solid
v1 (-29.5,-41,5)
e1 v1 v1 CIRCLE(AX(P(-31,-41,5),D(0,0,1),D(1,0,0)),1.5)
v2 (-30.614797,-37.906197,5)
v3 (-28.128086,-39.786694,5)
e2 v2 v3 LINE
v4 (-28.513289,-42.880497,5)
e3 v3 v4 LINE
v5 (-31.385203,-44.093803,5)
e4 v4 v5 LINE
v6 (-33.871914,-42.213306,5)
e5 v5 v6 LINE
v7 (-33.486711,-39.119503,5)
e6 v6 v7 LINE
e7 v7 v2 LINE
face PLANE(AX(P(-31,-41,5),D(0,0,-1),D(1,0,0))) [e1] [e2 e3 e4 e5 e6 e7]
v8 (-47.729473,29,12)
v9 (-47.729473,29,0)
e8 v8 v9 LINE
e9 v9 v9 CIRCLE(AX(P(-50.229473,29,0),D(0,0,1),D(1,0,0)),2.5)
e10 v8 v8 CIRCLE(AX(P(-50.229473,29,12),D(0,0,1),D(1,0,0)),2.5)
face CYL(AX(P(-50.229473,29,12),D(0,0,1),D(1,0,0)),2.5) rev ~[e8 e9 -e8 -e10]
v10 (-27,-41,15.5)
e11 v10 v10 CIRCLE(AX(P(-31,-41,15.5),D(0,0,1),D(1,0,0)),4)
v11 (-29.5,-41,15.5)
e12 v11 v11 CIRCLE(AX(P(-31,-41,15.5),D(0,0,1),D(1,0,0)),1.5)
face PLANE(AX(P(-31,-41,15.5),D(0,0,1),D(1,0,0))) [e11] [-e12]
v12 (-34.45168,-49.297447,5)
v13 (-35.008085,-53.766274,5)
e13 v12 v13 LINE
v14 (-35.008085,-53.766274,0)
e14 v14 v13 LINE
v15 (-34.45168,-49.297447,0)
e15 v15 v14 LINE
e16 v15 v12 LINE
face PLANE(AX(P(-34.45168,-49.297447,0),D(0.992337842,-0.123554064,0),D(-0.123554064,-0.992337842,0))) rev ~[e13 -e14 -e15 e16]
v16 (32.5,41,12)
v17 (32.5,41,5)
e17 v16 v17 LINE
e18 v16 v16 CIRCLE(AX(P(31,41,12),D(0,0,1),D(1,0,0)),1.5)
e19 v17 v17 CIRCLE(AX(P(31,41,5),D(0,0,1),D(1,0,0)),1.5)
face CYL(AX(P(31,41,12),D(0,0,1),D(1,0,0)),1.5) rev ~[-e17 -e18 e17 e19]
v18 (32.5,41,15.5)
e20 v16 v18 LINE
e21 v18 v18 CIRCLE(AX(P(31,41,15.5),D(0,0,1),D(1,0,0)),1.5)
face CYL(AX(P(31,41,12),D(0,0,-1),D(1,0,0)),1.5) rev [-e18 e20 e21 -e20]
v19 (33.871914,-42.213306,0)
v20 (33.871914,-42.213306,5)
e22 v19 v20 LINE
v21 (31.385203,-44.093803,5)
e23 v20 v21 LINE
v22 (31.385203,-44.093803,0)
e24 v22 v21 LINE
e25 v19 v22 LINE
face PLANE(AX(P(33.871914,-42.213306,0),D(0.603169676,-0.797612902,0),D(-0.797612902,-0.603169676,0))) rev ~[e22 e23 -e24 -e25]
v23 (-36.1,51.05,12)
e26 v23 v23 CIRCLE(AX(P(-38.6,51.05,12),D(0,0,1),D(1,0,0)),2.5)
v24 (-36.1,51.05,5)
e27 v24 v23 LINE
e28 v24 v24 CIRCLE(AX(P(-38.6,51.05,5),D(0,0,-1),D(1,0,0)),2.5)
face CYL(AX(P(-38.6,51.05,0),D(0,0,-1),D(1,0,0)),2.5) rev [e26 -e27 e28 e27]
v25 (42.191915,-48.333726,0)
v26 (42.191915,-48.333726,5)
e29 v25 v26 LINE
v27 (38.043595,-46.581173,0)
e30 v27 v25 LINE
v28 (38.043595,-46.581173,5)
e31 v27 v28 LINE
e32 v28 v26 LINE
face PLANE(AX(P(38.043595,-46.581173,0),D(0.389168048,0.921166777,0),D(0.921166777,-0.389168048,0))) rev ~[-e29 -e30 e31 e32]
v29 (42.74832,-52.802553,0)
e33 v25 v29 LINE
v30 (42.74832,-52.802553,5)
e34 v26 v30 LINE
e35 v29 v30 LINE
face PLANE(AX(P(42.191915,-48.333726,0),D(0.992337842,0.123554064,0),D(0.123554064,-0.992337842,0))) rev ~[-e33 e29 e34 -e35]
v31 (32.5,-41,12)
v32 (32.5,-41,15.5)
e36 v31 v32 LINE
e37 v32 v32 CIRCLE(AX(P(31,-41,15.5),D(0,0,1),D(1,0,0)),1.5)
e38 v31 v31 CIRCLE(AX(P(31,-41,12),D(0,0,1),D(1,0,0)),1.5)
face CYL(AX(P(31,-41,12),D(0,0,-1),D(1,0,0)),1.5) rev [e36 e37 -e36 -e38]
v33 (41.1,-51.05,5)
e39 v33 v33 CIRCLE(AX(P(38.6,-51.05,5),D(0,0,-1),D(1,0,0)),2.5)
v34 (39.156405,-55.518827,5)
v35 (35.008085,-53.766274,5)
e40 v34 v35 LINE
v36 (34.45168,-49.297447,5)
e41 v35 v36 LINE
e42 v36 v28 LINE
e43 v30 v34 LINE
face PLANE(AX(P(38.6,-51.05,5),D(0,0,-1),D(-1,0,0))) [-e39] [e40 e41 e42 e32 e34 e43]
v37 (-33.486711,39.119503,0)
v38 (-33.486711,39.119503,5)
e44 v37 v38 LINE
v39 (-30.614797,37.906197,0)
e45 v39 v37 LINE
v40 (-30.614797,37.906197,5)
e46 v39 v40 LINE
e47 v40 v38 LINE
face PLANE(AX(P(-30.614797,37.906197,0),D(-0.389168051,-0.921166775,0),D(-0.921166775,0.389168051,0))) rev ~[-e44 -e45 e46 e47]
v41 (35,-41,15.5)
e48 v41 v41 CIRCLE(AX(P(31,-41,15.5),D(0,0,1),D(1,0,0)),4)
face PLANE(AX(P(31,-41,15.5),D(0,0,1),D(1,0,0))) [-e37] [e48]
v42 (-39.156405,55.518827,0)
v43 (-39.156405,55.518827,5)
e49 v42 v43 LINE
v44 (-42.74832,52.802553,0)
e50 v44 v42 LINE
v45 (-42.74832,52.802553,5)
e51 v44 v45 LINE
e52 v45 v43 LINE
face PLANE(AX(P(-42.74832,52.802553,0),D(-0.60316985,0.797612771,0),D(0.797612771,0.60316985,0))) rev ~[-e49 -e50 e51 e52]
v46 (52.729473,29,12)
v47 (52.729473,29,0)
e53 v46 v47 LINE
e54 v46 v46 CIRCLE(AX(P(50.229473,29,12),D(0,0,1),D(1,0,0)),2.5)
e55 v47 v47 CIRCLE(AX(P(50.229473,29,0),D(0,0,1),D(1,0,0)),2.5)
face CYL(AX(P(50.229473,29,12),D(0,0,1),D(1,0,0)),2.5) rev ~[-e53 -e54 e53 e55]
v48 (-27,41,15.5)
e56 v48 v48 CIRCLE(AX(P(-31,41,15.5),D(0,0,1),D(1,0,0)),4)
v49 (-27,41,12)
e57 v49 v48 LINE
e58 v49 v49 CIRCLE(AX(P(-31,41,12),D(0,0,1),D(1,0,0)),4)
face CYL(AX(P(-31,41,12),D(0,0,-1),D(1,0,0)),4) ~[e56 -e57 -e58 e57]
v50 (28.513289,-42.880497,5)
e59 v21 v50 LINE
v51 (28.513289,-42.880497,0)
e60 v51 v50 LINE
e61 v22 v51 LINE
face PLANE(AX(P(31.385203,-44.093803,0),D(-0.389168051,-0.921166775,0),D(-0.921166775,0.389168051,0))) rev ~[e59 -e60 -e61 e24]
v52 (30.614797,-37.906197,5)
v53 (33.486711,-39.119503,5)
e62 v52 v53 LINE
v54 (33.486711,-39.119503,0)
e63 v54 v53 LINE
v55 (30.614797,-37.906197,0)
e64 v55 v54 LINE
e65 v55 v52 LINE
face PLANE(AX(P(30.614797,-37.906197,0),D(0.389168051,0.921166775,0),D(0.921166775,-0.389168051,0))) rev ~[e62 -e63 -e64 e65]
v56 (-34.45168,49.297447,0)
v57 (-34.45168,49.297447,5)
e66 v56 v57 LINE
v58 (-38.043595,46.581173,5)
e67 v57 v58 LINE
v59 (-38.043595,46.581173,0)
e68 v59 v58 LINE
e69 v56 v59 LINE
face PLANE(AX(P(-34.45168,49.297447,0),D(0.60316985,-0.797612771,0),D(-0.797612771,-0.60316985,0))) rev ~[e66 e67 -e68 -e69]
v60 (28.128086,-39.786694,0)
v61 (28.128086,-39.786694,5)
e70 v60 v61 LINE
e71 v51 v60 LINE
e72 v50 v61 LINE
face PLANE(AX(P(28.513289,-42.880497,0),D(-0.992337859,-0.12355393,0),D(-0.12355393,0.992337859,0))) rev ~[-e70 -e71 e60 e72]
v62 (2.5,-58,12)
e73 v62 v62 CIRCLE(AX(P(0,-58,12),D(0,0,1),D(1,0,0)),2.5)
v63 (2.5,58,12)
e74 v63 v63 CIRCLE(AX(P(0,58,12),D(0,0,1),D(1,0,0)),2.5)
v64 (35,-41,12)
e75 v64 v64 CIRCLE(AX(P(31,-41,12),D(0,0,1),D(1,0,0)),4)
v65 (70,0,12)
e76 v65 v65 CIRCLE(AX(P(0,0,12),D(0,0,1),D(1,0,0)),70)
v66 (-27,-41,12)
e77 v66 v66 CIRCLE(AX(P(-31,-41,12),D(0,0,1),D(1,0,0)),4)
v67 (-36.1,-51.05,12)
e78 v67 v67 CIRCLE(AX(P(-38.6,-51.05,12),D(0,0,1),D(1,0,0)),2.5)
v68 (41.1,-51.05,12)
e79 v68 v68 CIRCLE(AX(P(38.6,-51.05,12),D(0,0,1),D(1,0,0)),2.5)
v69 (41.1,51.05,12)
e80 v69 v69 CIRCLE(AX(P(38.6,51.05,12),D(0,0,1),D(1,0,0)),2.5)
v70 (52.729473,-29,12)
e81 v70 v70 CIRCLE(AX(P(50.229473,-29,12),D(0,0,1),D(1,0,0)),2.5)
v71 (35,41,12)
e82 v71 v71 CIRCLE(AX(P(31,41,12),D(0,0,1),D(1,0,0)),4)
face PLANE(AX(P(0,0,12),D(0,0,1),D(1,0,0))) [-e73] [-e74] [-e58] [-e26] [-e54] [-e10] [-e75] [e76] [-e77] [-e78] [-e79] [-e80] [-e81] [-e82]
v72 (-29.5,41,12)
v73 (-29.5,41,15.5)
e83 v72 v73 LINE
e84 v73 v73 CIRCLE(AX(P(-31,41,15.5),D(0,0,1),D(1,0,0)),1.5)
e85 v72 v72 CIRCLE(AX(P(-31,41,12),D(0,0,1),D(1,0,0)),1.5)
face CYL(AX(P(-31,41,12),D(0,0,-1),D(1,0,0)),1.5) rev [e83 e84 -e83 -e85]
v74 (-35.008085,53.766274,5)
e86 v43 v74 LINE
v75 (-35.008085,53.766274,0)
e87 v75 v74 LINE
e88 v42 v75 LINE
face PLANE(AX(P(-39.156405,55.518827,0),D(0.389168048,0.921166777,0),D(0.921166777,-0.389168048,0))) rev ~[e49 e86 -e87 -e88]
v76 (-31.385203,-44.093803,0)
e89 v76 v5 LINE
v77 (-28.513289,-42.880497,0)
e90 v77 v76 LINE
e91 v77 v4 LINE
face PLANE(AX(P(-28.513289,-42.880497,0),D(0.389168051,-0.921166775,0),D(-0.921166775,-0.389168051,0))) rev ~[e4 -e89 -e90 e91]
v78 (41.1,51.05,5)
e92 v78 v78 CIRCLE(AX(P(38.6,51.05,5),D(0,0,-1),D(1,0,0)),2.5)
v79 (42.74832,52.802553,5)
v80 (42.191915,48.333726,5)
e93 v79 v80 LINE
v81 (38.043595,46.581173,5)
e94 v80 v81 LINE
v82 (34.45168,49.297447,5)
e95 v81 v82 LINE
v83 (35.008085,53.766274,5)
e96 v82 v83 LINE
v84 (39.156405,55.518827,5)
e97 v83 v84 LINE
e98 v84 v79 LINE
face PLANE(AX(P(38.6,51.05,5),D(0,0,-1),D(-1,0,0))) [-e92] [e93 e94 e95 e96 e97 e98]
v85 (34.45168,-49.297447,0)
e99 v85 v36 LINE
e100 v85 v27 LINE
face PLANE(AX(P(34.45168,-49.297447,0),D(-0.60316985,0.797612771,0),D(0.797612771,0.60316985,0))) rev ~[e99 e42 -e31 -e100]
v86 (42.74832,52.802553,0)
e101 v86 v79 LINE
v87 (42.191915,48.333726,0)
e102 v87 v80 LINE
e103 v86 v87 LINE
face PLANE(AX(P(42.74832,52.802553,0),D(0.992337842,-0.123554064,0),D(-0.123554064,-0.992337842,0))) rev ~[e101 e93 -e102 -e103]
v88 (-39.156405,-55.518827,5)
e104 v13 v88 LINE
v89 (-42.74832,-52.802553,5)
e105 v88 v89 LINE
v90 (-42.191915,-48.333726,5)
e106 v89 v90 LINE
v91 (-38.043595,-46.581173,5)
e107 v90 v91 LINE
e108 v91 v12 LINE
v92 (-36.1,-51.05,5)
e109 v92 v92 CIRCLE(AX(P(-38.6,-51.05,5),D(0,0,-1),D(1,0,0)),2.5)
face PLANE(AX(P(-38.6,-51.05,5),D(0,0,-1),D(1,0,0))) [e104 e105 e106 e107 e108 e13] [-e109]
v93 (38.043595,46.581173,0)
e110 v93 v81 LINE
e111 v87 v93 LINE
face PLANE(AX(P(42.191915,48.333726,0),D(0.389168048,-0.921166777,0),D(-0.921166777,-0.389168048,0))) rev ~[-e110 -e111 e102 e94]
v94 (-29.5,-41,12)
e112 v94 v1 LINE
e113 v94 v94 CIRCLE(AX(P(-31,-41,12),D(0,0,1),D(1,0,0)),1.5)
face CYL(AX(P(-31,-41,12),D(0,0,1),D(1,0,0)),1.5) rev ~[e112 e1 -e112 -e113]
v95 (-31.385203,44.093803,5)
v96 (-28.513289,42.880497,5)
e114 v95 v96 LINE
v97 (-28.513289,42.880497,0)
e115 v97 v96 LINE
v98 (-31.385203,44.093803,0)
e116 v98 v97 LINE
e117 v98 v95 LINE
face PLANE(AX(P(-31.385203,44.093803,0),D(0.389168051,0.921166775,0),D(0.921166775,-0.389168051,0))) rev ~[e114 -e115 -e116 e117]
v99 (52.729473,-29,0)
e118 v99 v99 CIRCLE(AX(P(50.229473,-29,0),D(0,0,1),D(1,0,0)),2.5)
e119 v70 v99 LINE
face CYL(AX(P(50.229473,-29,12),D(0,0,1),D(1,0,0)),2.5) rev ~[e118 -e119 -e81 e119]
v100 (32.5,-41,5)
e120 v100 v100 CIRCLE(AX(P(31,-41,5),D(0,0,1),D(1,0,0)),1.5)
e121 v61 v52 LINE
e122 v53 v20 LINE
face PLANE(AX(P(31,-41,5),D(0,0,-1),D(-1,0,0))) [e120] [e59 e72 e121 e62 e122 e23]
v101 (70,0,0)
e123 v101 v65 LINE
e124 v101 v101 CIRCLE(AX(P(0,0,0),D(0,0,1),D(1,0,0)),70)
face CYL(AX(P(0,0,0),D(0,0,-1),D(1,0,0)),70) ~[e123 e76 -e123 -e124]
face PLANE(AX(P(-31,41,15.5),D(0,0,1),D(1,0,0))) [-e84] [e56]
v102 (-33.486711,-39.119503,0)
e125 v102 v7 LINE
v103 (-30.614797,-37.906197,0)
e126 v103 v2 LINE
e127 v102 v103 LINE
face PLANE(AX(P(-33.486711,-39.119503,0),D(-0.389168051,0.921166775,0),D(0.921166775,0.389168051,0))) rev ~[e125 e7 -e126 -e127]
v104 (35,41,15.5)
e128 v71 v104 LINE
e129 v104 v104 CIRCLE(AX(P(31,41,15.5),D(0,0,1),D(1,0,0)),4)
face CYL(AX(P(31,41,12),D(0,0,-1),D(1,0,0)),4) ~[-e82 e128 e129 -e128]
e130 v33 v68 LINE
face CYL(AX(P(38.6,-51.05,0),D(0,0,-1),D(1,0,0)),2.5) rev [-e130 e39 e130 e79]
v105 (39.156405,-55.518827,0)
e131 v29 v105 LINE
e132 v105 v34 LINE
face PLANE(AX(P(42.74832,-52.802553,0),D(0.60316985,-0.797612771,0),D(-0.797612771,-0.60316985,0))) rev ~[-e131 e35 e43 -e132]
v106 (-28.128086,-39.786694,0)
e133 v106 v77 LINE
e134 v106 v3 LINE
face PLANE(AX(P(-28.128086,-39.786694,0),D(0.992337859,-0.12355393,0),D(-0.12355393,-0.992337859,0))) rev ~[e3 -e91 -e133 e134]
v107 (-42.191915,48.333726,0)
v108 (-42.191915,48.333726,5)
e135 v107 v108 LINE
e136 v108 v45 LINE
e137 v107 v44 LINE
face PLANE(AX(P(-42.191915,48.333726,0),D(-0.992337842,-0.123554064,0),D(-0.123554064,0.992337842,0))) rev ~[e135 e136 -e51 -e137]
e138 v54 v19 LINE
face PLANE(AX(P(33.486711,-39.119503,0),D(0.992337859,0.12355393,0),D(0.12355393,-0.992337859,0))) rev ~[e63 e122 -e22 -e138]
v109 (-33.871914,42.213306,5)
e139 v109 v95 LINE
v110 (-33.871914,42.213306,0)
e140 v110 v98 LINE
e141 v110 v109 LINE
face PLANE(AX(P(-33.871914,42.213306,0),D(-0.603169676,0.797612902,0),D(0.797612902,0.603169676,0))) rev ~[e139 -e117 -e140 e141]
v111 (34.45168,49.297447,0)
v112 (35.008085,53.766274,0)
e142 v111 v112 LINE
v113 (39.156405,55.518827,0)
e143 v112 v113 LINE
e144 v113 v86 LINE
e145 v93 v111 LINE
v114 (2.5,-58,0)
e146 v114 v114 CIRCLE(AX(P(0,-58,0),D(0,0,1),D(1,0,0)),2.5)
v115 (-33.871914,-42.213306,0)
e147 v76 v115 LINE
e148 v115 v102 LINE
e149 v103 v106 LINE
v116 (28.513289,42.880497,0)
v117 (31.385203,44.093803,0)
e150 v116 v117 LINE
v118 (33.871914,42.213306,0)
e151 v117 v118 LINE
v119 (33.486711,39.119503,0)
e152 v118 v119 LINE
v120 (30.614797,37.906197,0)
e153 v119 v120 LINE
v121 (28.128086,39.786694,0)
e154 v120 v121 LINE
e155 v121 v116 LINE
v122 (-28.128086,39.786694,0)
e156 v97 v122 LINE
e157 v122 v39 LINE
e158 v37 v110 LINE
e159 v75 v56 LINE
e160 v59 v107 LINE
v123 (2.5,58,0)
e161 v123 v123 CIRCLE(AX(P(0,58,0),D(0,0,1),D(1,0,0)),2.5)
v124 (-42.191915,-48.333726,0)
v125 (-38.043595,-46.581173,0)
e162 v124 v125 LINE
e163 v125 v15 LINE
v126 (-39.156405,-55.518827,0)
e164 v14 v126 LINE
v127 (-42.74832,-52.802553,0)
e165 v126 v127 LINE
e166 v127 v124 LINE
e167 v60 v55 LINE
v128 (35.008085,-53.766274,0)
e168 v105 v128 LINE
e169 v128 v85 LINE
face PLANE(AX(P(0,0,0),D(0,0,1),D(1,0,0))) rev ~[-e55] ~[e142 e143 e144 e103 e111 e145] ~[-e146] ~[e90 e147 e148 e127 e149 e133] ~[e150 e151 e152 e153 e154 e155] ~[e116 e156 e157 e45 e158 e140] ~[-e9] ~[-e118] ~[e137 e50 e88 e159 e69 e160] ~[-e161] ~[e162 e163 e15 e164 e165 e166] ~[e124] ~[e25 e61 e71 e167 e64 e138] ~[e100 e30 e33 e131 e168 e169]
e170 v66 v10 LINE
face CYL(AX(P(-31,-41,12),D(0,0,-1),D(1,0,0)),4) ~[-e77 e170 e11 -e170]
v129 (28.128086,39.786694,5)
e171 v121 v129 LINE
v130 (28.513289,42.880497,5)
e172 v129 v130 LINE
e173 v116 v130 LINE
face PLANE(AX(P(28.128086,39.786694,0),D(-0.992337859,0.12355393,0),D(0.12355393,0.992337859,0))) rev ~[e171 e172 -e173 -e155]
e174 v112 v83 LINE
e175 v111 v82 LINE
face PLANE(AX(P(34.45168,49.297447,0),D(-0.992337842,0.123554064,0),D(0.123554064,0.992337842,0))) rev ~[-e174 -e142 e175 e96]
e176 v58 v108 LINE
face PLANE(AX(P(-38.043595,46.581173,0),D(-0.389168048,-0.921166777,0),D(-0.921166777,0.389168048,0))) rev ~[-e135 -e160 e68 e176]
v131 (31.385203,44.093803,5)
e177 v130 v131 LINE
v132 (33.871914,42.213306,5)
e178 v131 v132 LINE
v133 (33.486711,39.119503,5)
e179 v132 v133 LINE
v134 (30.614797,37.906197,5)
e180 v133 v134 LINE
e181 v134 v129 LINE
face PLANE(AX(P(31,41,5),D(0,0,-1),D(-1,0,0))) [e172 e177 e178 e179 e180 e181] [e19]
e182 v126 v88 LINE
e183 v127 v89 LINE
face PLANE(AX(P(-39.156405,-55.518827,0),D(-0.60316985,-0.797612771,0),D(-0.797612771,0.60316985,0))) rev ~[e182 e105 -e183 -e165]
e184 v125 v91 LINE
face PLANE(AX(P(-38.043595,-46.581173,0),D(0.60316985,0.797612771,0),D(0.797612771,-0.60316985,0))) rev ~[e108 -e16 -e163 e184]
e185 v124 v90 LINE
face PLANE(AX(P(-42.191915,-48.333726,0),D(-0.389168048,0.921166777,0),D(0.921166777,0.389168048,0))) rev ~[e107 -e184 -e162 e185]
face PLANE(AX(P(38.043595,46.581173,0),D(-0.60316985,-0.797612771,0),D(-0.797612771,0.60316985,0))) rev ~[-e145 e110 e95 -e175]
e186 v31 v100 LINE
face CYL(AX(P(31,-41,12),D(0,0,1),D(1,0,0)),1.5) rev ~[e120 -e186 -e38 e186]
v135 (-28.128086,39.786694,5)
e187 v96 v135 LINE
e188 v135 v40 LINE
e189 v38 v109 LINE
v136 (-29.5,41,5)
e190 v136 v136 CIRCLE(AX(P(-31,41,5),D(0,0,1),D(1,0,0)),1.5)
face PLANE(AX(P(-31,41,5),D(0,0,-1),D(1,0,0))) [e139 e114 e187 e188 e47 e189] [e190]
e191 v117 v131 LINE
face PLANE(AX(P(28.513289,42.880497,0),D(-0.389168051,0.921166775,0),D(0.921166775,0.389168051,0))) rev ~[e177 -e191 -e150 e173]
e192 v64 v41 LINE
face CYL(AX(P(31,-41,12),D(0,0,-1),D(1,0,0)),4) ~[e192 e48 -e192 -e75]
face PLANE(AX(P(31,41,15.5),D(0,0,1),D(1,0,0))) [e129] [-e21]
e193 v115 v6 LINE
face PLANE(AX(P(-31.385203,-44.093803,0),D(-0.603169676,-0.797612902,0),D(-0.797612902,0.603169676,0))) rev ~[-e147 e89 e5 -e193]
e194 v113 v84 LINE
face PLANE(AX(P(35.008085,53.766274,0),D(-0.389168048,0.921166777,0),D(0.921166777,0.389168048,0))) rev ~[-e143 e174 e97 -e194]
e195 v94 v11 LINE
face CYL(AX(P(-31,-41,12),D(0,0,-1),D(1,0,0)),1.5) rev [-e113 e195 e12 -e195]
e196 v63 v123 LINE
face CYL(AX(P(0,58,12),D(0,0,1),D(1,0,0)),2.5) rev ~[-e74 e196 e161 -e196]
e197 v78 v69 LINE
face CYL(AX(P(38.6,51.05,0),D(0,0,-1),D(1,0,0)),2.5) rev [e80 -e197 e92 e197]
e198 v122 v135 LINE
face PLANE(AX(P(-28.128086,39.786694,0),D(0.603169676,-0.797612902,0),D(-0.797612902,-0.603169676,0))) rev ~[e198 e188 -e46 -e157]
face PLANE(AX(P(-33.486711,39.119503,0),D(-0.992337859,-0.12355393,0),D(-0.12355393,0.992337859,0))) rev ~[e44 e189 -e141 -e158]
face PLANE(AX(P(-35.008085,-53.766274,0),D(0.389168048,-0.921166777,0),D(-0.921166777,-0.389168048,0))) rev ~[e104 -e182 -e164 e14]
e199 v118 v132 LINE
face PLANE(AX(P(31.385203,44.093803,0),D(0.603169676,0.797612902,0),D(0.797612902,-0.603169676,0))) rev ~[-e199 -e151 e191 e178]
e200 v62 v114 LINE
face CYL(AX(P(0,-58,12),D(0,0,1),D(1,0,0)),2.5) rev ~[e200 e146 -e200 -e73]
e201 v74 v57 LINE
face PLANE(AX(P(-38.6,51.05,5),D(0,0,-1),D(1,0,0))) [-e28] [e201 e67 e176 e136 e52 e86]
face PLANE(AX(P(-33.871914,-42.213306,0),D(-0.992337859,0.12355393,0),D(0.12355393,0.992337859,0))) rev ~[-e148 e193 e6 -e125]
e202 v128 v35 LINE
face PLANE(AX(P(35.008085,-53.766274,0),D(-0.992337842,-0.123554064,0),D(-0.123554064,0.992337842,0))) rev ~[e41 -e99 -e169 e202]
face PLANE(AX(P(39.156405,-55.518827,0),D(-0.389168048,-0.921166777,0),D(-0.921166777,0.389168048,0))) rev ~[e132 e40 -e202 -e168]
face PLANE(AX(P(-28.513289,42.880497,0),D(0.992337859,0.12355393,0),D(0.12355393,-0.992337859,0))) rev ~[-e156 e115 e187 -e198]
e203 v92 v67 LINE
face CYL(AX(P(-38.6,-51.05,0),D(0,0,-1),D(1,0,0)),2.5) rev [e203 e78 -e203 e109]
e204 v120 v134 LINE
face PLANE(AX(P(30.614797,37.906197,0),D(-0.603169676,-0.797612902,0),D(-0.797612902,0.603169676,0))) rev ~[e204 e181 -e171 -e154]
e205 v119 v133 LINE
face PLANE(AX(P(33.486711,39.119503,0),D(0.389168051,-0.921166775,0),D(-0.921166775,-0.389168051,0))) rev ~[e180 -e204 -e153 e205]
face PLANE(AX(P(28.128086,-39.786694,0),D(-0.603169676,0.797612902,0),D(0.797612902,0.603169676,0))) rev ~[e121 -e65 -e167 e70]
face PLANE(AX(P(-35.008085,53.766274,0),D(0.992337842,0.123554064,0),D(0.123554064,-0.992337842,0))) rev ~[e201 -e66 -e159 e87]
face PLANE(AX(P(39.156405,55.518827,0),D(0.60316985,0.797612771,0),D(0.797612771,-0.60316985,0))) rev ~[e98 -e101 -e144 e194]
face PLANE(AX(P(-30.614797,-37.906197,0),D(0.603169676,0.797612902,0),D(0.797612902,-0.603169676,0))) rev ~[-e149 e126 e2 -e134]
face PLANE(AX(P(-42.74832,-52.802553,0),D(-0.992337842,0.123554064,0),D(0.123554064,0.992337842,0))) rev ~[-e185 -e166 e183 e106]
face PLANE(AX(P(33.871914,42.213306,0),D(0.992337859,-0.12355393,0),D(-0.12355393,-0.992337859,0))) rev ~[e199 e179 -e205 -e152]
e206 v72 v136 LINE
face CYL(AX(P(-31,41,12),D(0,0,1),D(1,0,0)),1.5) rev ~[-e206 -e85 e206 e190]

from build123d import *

# Parameters (mm, degrees)
SKETCH_R           = 70
SKETCH_R_2         = 2.5
PAD_DEPTH          = 12
SKETCH001_R        = 1.5
POCKET_DEPTH       = 15
SKETCH002_R        = 4
SKETCH002_R_2      = 1.5
PAD001_DEPTH       = 3.5
SKETCH003_R        = 2.5
POCKET001_DEPTH    = 15
POCKET002_DEPTH    = 5
POLARPATTERN_COUNT = 2


with BuildPart() as part:
    # Sketch → Pad (new body)
    with BuildSketch(Plane.XY):
        Circle(SKETCH_R)
        with Locations((38.6, 51.05)):
            Circle(SKETCH_R_2, mode=Mode.SUBTRACT)
        with Locations((-38.6, 51.05)):
            Circle(SKETCH_R_2, mode=Mode.SUBTRACT)
        with Locations((38.6, -51.05)):
            Circle(SKETCH_R_2, mode=Mode.SUBTRACT)
        with Locations((-38.6, -51.05)):
            Circle(SKETCH_R_2, mode=Mode.SUBTRACT)
    extrude(amount=PAD_DEPTH)

    # Sketch001 (on Face7 of Pad) → Pocket (cut)
    with BuildSketch(Plane.XY.offset(12)):
        with Locations((-31, 41)):
            Circle(SKETCH001_R)
        with Locations((31, 41)):
            Circle(SKETCH001_R)
        with Locations((31, -41)):
            Circle(SKETCH001_R)
        with Locations((-31, -41)):
            Circle(SKETCH001_R)
    extrude(amount=-POCKET_DEPTH, mode=Mode.SUBTRACT)

    # Sketch002 (on Face3 of Pocket) → Pad001 (join)
    with BuildSketch(Plane.XY.offset(12)):
        with Locations((-31, -41)):
            Circle(SKETCH002_R)
        with Locations((-31, -41)):
            Circle(SKETCH002_R_2, mode=Mode.SUBTRACT)
        with Locations((31, -41)):
            Circle(SKETCH002_R)
        with Locations((31, -41)):
            Circle(SKETCH002_R_2, mode=Mode.SUBTRACT)
        with Locations((31, 41)):
            Circle(SKETCH002_R)
        with Locations((31, 41)):
            Circle(SKETCH002_R_2, mode=Mode.SUBTRACT)
        with Locations((-31, 41)):
            Circle(SKETCH002_R)
        with Locations((-31, 41)):
            Circle(SKETCH002_R_2, mode=Mode.SUBTRACT)
    extrude(amount=PAD001_DEPTH)

    # Sketch003 (on Face3 of Pad001) → Pocket001 (cut)
    with BuildSketch(Plane.XY.offset(12)):
        with Locations((0, 58)):
            Circle(SKETCH003_R)
        with Locations((50.229473, 29)):
            Circle(SKETCH003_R)
        with Locations((50.229473, -29)):
            Circle(SKETCH003_R)
        with Locations((0, -58)):
            Circle(SKETCH003_R)
        with Locations((-50.229473, 29)):
            Circle(SKETCH003_R)
    extrude(amount=-POCKET001_DEPTH, mode=Mode.SUBTRACT)

    # Sketch004 (on Face2 of Pocket001) → Pocket002 (cut)
    with BuildSketch(Plane(origin=(0, 0, 0), x_dir=(1, 0, 0), z_dir=(0, 0, -1))):
        Polygon((-35.008085, 53.766274), (-39.156405, 55.518827), (-42.74832, 52.802553), (-42.191915, 48.333726), (-38.043595, 46.581173), (-34.45168, 49.297447), align=None)
        Polygon((-28.513289, 42.880497), (-31.385203, 44.093803), (-33.871914, 42.213306), (-33.486711, 39.119503), (-30.614797, 37.906197), (-28.128086, 39.786694), align=None)
        Polygon((-35.008085, -53.766274), (-34.45168, -49.297447), (-38.043595, -46.581173), (-42.191915, -48.333726), (-42.74832, -52.802553), (-39.156405, -55.518827), align=None)
        Polygon((-28.513289, -42.880497), (-28.128086, -39.786694), (-30.614797, -37.906197), (-33.486711, -39.119503), (-33.871914, -42.213306), (-31.385203, -44.093803), align=None)
    pocket002 = extrude(amount=-POCKET002_DEPTH, mode=Mode.SUBTRACT)

    # PolarPattern: Pocket002 ×2 about axis
    polarpattern_axis = Axis((0, 0, 0), (0, 0, -1))
    for i in range(1, POLARPATTERN_COUNT):
        add(pocket002.rotate(polarpattern_axis, i * 360 / POLARPATTERN_COUNT), mode=Mode.SUBTRACT)


solid = part.part
